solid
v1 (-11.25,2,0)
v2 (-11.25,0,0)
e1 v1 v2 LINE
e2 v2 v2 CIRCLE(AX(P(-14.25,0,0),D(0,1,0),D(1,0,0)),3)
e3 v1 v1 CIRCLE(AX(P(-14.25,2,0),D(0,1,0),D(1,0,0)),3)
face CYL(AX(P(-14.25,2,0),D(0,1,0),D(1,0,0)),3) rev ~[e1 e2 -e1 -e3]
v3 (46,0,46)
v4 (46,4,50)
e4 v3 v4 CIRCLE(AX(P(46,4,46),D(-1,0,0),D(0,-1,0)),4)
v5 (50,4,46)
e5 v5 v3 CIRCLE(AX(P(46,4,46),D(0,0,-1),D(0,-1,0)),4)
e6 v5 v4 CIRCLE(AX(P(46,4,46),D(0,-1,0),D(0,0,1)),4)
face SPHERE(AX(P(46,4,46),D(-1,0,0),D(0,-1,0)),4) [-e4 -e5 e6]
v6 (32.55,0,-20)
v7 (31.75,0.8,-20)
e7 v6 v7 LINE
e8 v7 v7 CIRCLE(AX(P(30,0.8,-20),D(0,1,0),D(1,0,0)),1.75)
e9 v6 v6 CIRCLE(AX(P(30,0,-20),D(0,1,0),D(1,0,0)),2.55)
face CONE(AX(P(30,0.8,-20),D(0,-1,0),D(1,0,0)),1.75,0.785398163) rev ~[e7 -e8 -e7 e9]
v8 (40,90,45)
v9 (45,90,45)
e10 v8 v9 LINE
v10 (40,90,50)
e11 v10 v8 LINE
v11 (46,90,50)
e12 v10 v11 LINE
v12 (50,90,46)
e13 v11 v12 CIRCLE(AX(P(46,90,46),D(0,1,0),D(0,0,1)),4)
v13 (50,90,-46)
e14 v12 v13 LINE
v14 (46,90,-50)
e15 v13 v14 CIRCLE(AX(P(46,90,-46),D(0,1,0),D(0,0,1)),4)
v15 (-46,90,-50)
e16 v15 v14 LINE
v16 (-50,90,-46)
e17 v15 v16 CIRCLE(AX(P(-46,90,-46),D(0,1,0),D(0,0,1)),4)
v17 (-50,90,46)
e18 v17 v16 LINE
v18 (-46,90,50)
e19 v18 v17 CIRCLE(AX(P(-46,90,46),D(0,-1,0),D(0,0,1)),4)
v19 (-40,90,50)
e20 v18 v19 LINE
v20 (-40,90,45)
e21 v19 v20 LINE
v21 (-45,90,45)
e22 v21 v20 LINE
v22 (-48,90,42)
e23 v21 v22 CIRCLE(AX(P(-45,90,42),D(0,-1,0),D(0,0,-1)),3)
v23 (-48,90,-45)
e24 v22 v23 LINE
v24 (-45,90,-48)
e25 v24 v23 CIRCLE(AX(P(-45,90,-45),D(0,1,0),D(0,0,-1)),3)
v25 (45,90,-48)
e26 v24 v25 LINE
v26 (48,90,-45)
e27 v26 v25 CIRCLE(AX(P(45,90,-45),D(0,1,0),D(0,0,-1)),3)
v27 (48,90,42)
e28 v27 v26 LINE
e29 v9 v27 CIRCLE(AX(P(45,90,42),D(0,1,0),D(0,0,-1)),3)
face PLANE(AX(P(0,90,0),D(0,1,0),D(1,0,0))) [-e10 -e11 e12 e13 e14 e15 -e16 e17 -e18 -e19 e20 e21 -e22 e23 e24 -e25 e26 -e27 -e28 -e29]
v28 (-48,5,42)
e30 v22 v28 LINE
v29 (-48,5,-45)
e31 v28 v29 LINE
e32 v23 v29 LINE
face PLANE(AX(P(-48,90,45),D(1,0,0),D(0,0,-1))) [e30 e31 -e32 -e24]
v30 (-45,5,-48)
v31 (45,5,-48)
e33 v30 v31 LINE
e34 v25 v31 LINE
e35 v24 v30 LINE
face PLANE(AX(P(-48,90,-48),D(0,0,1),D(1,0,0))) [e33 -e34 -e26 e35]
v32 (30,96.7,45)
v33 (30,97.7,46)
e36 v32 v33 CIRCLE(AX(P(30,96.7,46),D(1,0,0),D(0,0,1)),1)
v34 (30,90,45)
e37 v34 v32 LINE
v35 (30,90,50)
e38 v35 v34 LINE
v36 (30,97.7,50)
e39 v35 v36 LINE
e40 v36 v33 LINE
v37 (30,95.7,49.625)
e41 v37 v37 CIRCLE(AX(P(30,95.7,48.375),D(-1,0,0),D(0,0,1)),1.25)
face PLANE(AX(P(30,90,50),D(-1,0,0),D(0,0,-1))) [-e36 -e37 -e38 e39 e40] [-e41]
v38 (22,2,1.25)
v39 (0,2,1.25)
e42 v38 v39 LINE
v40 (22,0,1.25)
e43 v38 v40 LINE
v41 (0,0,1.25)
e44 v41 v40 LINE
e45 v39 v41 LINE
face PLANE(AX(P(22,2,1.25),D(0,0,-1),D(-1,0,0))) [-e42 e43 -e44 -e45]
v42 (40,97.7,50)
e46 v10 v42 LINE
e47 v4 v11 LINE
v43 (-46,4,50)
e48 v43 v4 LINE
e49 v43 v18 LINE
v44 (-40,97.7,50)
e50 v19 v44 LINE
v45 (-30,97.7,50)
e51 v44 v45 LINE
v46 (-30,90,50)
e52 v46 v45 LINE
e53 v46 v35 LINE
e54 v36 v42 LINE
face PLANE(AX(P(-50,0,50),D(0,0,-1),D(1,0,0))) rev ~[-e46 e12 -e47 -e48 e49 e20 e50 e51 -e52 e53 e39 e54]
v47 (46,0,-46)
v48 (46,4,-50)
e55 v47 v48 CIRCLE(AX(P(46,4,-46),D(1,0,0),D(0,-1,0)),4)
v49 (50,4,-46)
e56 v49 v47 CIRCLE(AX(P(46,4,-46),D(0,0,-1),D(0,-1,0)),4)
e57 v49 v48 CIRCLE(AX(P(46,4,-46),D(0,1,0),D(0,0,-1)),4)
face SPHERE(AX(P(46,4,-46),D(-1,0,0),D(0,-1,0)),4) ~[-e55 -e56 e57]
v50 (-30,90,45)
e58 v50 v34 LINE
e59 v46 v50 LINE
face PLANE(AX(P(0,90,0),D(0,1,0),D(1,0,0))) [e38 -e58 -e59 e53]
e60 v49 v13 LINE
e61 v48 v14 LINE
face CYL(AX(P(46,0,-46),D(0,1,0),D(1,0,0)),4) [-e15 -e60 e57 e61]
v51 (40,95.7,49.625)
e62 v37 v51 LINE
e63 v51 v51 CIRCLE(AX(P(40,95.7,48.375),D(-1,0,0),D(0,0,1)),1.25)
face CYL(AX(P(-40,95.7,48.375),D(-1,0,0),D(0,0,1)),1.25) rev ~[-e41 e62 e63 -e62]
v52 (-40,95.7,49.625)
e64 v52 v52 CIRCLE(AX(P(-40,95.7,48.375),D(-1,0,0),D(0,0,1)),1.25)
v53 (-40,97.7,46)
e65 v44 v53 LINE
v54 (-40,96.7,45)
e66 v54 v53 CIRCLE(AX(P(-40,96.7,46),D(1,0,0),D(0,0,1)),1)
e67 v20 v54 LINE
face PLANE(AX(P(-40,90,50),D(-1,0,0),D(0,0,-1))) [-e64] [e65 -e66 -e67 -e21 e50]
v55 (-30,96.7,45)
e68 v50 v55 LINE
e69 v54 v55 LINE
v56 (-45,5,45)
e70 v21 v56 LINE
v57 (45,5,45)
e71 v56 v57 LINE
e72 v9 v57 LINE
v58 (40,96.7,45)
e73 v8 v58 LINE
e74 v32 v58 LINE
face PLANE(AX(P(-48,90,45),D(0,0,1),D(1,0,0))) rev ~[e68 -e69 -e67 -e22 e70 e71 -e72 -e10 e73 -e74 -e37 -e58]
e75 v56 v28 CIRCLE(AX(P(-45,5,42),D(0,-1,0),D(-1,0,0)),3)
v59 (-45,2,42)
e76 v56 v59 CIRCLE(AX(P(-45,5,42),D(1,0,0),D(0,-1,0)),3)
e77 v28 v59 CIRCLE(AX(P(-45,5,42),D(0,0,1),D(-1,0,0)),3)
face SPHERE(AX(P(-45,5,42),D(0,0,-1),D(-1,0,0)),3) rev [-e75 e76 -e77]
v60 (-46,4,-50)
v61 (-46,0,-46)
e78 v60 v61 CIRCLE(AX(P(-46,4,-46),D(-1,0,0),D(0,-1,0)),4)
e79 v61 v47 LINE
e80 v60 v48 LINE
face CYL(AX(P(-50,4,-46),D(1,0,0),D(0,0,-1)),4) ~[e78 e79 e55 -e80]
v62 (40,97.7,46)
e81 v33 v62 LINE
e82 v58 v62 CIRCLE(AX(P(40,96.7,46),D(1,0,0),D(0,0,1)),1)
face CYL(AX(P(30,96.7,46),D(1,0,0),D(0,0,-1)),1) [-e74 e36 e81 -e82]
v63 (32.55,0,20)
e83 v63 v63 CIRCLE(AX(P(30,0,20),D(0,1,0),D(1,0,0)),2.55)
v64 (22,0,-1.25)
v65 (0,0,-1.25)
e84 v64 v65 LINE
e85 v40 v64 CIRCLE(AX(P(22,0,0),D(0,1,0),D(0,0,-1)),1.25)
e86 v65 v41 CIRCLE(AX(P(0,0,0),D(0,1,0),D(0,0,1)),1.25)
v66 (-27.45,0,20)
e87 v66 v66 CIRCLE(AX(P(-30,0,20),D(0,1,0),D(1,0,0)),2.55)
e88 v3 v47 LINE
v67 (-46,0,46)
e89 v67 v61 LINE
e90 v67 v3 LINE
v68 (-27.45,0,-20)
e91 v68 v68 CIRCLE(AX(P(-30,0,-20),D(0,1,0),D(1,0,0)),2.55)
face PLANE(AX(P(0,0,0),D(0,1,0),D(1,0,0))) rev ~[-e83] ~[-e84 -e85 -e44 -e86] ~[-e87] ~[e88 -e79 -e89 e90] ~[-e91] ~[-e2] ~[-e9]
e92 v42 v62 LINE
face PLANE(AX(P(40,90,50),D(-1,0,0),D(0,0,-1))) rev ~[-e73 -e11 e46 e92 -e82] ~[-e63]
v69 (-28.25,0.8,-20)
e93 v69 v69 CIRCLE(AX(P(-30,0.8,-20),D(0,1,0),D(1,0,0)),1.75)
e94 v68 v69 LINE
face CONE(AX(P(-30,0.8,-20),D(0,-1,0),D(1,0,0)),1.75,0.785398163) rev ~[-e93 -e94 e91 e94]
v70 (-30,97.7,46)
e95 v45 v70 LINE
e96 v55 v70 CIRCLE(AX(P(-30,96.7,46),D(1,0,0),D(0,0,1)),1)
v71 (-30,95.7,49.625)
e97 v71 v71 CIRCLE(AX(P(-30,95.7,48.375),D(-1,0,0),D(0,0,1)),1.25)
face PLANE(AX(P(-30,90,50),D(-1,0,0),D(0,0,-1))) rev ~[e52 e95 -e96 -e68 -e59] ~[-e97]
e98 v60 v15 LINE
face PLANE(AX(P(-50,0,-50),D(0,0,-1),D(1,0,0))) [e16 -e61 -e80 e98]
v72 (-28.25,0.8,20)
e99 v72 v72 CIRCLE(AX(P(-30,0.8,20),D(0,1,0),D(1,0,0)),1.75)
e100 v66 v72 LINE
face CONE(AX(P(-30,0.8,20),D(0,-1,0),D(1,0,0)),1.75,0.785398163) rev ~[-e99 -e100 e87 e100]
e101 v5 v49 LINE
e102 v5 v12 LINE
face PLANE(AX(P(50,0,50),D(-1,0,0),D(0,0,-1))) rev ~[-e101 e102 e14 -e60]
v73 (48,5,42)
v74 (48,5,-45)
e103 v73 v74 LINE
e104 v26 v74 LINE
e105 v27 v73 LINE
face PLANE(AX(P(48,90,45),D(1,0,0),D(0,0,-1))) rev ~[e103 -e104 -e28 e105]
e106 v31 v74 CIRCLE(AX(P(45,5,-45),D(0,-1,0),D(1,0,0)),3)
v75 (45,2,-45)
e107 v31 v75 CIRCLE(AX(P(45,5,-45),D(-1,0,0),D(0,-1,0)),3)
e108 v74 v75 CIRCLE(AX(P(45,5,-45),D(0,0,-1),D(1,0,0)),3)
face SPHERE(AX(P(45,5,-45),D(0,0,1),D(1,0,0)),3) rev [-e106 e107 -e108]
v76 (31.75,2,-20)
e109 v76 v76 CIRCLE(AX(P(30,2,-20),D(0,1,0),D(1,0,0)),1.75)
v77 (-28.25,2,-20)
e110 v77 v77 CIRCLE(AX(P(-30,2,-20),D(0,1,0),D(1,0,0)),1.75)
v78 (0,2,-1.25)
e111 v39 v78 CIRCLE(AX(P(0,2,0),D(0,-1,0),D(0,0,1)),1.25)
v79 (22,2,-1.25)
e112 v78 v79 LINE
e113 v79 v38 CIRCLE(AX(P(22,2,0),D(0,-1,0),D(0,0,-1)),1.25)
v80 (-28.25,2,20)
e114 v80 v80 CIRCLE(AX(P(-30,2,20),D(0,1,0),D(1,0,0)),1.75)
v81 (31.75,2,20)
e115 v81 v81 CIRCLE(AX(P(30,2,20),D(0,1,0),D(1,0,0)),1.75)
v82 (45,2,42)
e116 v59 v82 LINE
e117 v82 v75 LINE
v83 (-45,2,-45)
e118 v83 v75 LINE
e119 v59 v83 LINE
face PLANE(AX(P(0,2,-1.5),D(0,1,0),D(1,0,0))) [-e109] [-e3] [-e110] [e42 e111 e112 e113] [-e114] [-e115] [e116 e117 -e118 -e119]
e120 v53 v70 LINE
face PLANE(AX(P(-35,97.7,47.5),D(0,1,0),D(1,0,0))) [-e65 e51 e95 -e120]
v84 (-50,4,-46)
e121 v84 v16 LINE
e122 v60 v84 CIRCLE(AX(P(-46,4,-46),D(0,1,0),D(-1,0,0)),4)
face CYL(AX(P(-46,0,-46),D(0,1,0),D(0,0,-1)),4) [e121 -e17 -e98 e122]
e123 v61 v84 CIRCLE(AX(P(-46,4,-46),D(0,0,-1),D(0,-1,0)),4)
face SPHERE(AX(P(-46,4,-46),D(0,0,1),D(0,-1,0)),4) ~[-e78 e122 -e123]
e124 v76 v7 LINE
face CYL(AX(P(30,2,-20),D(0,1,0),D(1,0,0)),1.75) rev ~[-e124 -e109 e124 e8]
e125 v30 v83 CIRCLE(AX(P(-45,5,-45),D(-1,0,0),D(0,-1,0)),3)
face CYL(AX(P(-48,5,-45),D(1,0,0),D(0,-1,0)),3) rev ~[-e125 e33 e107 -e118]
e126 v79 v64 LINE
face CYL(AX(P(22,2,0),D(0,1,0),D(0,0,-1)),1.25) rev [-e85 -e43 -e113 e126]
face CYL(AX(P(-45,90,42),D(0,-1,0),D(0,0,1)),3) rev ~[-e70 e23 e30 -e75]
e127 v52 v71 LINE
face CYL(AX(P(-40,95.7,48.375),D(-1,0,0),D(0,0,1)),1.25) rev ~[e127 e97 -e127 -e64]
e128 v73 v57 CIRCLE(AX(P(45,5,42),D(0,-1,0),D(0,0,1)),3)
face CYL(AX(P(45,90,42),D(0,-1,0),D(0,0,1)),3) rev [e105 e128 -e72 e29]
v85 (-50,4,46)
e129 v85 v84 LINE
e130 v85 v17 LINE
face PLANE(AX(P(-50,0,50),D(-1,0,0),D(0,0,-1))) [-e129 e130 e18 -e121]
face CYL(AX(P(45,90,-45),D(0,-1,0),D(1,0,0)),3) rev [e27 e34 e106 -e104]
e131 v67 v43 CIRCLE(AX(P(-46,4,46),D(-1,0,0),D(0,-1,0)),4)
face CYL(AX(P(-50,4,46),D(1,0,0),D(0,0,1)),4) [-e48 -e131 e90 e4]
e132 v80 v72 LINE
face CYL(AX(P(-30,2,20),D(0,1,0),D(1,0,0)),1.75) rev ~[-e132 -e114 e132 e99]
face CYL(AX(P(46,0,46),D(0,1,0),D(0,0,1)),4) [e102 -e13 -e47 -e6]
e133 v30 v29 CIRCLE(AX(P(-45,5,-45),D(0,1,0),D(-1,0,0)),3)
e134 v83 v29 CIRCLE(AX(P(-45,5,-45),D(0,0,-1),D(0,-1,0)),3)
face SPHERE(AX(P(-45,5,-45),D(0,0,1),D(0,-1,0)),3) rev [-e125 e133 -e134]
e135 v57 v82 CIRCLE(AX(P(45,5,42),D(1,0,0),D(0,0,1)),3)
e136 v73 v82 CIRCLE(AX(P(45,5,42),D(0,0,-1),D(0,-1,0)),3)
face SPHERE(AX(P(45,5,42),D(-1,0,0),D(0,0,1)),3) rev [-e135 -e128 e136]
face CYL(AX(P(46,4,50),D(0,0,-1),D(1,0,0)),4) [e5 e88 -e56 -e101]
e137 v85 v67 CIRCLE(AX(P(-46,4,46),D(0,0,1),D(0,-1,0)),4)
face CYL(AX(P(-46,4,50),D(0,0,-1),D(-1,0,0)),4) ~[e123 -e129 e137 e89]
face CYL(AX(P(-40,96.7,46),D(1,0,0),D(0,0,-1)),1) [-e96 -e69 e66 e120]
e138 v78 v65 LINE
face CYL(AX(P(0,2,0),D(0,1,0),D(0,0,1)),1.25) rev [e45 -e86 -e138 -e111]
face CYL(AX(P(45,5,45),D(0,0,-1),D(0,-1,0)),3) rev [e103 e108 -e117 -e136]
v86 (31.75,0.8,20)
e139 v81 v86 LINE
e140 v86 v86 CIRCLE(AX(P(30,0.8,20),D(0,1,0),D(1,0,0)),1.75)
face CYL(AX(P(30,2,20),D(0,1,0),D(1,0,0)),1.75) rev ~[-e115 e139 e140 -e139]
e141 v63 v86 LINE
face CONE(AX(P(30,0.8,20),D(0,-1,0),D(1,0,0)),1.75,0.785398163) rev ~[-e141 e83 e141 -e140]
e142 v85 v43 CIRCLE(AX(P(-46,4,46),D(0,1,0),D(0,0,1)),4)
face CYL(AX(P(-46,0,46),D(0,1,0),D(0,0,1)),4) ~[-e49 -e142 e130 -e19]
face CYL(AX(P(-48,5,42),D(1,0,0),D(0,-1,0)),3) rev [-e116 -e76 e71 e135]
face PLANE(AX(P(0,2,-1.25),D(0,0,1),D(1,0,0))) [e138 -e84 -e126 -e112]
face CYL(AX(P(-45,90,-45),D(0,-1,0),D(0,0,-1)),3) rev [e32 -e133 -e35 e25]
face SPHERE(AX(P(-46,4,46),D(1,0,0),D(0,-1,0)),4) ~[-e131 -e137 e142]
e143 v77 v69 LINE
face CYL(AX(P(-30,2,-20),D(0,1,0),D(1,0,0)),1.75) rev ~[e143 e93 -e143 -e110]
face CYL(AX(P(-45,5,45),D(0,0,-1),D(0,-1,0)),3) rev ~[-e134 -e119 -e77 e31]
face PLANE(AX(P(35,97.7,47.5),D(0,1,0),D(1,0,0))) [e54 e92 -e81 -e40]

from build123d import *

# Parameters (mm, degrees)
SKETCH1_W           = 100
SKETCH1_H           = 100
BOSS_EXTRUDE1_DEPTH = 90
SKETCH2_W           = 96
SKETCH2_H           = 93
CUT_EXTRUDE1_DEPTH  = 88
CUT_EXTRUDE2_REACH  = 4
SKETCH3_R           = 3
SKETCH3_R_2         = 1.75
CHAMFER1_SIZE       = 0.8
SKETCH4_W           = 10
SKETCH4_H           = 5
BOSS_EXTRUDE2_DEPTH = 7.7
SKETCH5_R           = 1.25
CUT_EXTRUDE3_DEPTH  = 91
FILLET1_R           = 3
FILLET2_R           = 4
FILLET3_R           = 1


with BuildPart() as part:
    # Sketch1 → Boss-Extrude1 (new body)
    with BuildSketch(Plane(origin=(0, 0, 0), x_dir=(1, 0, 0), z_dir=(0, 1, 0))):
        Rectangle(SKETCH1_W, SKETCH1_H)
    extrude(amount=BOSS_EXTRUDE1_DEPTH)

    # Sketch2 → Cut-Extrude1 (cut)
    with BuildSketch(Plane(origin=(0, 90, 0), x_dir=(1, 0, 0), z_dir=(0, 1, 0))):
        with Locations((0, 1.5)):
            Rectangle(SKETCH2_W, SKETCH2_H)
    extrude(amount=-CUT_EXTRUDE1_DEPTH, mode=Mode.SUBTRACT)

    # Sketch3 → Cut-Extrude2 (cut, up to next)
    with BuildSketch(Plane(origin=(0, 2, 0), x_dir=(1, 0, 0), z_dir=(0, 1, 0)), mode=Mode.PRIVATE) as cut_extrude2_sk1:
        with Locations((-14.25, 0)):
            Circle(SKETCH3_R)
    cut_extrude2_tool1 = extrude(cut_extrude2_sk1.sketch, amount=-CUT_EXTRUDE2_REACH, mode=Mode.PRIVATE) & part.part
    add(cut_extrude2_tool1.solids().sort_by_distance((-14.25, 2, 0))[0], mode=Mode.SUBTRACT)
    # Sketch3 → Cut-Extrude2 (cut, up to next)
    with BuildSketch(Plane(origin=(0, 2, 0), x_dir=(1, 0, 0), z_dir=(0, 1, 0)), mode=Mode.PRIVATE) as cut_extrude2_sk2:
        with Locations((-30, 20)):
            Circle(SKETCH3_R_2)
    cut_extrude2_tool2 = extrude(cut_extrude2_sk2.sketch, amount=-CUT_EXTRUDE2_REACH, mode=Mode.PRIVATE) & part.part
    add(cut_extrude2_tool2.solids().sort_by_distance((-30, 2, -20))[0], mode=Mode.SUBTRACT)
    # Sketch3 → Cut-Extrude2 (cut, up to next)
    with BuildSketch(Plane(origin=(0, 2, 0), x_dir=(1, 0, 0), z_dir=(0, 1, 0)), mode=Mode.PRIVATE) as cut_extrude2_sk3:
        with Locations((-30, -20)):
            Circle(SKETCH3_R_2)
    cut_extrude2_tool3 = extrude(cut_extrude2_sk3.sketch, amount=-CUT_EXTRUDE2_REACH, mode=Mode.PRIVATE) & part.part
    add(cut_extrude2_tool3.solids().sort_by_distance((-30, 2, 20))[0], mode=Mode.SUBTRACT)
    # Sketch3 → Cut-Extrude2 (cut, up to next)
    with BuildSketch(Plane(origin=(0, 2, 0), x_dir=(1, 0, 0), z_dir=(0, 1, 0)), mode=Mode.PRIVATE) as cut_extrude2_sk4:
        with Locations((30, -20)):
            Circle(SKETCH3_R_2)
    cut_extrude2_tool4 = extrude(cut_extrude2_sk4.sketch, amount=-CUT_EXTRUDE2_REACH, mode=Mode.PRIVATE) & part.part
    add(cut_extrude2_tool4.solids().sort_by_distance((30, 2, 20))[0], mode=Mode.SUBTRACT)
    # Sketch3 → Cut-Extrude2 (cut, up to next)
    with BuildSketch(Plane(origin=(0, 2, 0), x_dir=(1, 0, 0), z_dir=(0, 1, 0)), mode=Mode.PRIVATE) as cut_extrude2_sk5:
        with Locations((30, 20)):
            Circle(SKETCH3_R_2)
    cut_extrude2_tool5 = extrude(cut_extrude2_sk5.sketch, amount=-CUT_EXTRUDE2_REACH, mode=Mode.PRIVATE) & part.part
    add(cut_extrude2_tool5.solids().sort_by_distance((30, 2, -20))[0], mode=Mode.SUBTRACT)
    # Sketch3 → Cut-Extrude2 (cut, up to next)
    with BuildSketch(Plane(origin=(0, 2, 0), x_dir=(1, 0, 0), z_dir=(0, 1, 0)), mode=Mode.PRIVATE) as cut_extrude2_sk6:
        with BuildLine():
            Line((0, 1.25), (22, 1.25))
            ThreePointArc((22, 1.25), (23.25, 0), (22, -1.25))
            Line((22, -1.25), (0, -1.25))
            ThreePointArc((0, -1.25), (-1.25, 0), (0, 1.25))
        make_face()
    cut_extrude2_tool6 = extrude(cut_extrude2_sk6.sketch, amount=-CUT_EXTRUDE2_REACH, mode=Mode.PRIVATE) & part.part
    add(cut_extrude2_tool6.solids().sort_by_distance((11, 2, 0))[0], mode=Mode.SUBTRACT)

    # Chamfer1
    chamfer1_edges = [part.edges().sort_by_distance(p)[0] for p in [
        (-31.75, 0, -20),
        (-31.75, 0, 20),
        (28.25, 0, 20),
        (28.25, 0, -20),
    ]]
    chamfer(chamfer1_edges, length=CHAMFER1_SIZE)

    # Sketch4 → Boss-Extrude2 (add)
    with BuildSketch(Plane(origin=(0, 90, 0), x_dir=(1, 0, 0), z_dir=(0, 1, 0))):
        with Locations((-35, -47.5)):
            Rectangle(SKETCH4_W, SKETCH4_H)
        with Locations((35, -47.5)):
            Rectangle(SKETCH4_W, SKETCH4_H)
    extrude(amount=BOSS_EXTRUDE2_DEPTH)

    # Sketch5 → Cut-Extrude3 (cut, through all)
    with BuildSketch(Plane.ZY.offset(40)):
        with Locations((48.375, 95.7)):
            Circle(SKETCH5_R)
    extrude(amount=-CUT_EXTRUDE3_DEPTH, mode=Mode.SUBTRACT)

    # Fillet1
    fillet1_edges = [part.edges().sort_by_distance(p)[0] for p in [
        (-48, 2, -1.5),
        (-48, 46, 45),
        (0, 2, 45),
        (48, 46, 45),
        (48, 2, -1.5),
        (48, 46, -48),
        (0, 2, -48),
        (-48, 46, -48),
    ]]
    fillet(fillet1_edges, radius=FILLET1_R)

    # Fillet2
    fillet2_edges = [part.edges().sort_by_distance(p)[0] for p in [
        (0, 0, 50),
        (-50, 0, 0),
        (0, 0, -50),
        (50, 0, 0),
        (50, 45, 50),
        (-50, 45, 50),
        (-50, 45, -50),
        (50, 45, -50),
    ]]
    fillet(fillet2_edges, radius=FILLET2_R)

    # Fillet3
    fillet3_edges = [part.edges().sort_by_distance(p)[0] for p in [
        (-35, 97.7, 45),
        (35, 97.7, 45),
    ]]
    fillet(fillet3_edges, radius=FILLET3_R)


solid = part.part
